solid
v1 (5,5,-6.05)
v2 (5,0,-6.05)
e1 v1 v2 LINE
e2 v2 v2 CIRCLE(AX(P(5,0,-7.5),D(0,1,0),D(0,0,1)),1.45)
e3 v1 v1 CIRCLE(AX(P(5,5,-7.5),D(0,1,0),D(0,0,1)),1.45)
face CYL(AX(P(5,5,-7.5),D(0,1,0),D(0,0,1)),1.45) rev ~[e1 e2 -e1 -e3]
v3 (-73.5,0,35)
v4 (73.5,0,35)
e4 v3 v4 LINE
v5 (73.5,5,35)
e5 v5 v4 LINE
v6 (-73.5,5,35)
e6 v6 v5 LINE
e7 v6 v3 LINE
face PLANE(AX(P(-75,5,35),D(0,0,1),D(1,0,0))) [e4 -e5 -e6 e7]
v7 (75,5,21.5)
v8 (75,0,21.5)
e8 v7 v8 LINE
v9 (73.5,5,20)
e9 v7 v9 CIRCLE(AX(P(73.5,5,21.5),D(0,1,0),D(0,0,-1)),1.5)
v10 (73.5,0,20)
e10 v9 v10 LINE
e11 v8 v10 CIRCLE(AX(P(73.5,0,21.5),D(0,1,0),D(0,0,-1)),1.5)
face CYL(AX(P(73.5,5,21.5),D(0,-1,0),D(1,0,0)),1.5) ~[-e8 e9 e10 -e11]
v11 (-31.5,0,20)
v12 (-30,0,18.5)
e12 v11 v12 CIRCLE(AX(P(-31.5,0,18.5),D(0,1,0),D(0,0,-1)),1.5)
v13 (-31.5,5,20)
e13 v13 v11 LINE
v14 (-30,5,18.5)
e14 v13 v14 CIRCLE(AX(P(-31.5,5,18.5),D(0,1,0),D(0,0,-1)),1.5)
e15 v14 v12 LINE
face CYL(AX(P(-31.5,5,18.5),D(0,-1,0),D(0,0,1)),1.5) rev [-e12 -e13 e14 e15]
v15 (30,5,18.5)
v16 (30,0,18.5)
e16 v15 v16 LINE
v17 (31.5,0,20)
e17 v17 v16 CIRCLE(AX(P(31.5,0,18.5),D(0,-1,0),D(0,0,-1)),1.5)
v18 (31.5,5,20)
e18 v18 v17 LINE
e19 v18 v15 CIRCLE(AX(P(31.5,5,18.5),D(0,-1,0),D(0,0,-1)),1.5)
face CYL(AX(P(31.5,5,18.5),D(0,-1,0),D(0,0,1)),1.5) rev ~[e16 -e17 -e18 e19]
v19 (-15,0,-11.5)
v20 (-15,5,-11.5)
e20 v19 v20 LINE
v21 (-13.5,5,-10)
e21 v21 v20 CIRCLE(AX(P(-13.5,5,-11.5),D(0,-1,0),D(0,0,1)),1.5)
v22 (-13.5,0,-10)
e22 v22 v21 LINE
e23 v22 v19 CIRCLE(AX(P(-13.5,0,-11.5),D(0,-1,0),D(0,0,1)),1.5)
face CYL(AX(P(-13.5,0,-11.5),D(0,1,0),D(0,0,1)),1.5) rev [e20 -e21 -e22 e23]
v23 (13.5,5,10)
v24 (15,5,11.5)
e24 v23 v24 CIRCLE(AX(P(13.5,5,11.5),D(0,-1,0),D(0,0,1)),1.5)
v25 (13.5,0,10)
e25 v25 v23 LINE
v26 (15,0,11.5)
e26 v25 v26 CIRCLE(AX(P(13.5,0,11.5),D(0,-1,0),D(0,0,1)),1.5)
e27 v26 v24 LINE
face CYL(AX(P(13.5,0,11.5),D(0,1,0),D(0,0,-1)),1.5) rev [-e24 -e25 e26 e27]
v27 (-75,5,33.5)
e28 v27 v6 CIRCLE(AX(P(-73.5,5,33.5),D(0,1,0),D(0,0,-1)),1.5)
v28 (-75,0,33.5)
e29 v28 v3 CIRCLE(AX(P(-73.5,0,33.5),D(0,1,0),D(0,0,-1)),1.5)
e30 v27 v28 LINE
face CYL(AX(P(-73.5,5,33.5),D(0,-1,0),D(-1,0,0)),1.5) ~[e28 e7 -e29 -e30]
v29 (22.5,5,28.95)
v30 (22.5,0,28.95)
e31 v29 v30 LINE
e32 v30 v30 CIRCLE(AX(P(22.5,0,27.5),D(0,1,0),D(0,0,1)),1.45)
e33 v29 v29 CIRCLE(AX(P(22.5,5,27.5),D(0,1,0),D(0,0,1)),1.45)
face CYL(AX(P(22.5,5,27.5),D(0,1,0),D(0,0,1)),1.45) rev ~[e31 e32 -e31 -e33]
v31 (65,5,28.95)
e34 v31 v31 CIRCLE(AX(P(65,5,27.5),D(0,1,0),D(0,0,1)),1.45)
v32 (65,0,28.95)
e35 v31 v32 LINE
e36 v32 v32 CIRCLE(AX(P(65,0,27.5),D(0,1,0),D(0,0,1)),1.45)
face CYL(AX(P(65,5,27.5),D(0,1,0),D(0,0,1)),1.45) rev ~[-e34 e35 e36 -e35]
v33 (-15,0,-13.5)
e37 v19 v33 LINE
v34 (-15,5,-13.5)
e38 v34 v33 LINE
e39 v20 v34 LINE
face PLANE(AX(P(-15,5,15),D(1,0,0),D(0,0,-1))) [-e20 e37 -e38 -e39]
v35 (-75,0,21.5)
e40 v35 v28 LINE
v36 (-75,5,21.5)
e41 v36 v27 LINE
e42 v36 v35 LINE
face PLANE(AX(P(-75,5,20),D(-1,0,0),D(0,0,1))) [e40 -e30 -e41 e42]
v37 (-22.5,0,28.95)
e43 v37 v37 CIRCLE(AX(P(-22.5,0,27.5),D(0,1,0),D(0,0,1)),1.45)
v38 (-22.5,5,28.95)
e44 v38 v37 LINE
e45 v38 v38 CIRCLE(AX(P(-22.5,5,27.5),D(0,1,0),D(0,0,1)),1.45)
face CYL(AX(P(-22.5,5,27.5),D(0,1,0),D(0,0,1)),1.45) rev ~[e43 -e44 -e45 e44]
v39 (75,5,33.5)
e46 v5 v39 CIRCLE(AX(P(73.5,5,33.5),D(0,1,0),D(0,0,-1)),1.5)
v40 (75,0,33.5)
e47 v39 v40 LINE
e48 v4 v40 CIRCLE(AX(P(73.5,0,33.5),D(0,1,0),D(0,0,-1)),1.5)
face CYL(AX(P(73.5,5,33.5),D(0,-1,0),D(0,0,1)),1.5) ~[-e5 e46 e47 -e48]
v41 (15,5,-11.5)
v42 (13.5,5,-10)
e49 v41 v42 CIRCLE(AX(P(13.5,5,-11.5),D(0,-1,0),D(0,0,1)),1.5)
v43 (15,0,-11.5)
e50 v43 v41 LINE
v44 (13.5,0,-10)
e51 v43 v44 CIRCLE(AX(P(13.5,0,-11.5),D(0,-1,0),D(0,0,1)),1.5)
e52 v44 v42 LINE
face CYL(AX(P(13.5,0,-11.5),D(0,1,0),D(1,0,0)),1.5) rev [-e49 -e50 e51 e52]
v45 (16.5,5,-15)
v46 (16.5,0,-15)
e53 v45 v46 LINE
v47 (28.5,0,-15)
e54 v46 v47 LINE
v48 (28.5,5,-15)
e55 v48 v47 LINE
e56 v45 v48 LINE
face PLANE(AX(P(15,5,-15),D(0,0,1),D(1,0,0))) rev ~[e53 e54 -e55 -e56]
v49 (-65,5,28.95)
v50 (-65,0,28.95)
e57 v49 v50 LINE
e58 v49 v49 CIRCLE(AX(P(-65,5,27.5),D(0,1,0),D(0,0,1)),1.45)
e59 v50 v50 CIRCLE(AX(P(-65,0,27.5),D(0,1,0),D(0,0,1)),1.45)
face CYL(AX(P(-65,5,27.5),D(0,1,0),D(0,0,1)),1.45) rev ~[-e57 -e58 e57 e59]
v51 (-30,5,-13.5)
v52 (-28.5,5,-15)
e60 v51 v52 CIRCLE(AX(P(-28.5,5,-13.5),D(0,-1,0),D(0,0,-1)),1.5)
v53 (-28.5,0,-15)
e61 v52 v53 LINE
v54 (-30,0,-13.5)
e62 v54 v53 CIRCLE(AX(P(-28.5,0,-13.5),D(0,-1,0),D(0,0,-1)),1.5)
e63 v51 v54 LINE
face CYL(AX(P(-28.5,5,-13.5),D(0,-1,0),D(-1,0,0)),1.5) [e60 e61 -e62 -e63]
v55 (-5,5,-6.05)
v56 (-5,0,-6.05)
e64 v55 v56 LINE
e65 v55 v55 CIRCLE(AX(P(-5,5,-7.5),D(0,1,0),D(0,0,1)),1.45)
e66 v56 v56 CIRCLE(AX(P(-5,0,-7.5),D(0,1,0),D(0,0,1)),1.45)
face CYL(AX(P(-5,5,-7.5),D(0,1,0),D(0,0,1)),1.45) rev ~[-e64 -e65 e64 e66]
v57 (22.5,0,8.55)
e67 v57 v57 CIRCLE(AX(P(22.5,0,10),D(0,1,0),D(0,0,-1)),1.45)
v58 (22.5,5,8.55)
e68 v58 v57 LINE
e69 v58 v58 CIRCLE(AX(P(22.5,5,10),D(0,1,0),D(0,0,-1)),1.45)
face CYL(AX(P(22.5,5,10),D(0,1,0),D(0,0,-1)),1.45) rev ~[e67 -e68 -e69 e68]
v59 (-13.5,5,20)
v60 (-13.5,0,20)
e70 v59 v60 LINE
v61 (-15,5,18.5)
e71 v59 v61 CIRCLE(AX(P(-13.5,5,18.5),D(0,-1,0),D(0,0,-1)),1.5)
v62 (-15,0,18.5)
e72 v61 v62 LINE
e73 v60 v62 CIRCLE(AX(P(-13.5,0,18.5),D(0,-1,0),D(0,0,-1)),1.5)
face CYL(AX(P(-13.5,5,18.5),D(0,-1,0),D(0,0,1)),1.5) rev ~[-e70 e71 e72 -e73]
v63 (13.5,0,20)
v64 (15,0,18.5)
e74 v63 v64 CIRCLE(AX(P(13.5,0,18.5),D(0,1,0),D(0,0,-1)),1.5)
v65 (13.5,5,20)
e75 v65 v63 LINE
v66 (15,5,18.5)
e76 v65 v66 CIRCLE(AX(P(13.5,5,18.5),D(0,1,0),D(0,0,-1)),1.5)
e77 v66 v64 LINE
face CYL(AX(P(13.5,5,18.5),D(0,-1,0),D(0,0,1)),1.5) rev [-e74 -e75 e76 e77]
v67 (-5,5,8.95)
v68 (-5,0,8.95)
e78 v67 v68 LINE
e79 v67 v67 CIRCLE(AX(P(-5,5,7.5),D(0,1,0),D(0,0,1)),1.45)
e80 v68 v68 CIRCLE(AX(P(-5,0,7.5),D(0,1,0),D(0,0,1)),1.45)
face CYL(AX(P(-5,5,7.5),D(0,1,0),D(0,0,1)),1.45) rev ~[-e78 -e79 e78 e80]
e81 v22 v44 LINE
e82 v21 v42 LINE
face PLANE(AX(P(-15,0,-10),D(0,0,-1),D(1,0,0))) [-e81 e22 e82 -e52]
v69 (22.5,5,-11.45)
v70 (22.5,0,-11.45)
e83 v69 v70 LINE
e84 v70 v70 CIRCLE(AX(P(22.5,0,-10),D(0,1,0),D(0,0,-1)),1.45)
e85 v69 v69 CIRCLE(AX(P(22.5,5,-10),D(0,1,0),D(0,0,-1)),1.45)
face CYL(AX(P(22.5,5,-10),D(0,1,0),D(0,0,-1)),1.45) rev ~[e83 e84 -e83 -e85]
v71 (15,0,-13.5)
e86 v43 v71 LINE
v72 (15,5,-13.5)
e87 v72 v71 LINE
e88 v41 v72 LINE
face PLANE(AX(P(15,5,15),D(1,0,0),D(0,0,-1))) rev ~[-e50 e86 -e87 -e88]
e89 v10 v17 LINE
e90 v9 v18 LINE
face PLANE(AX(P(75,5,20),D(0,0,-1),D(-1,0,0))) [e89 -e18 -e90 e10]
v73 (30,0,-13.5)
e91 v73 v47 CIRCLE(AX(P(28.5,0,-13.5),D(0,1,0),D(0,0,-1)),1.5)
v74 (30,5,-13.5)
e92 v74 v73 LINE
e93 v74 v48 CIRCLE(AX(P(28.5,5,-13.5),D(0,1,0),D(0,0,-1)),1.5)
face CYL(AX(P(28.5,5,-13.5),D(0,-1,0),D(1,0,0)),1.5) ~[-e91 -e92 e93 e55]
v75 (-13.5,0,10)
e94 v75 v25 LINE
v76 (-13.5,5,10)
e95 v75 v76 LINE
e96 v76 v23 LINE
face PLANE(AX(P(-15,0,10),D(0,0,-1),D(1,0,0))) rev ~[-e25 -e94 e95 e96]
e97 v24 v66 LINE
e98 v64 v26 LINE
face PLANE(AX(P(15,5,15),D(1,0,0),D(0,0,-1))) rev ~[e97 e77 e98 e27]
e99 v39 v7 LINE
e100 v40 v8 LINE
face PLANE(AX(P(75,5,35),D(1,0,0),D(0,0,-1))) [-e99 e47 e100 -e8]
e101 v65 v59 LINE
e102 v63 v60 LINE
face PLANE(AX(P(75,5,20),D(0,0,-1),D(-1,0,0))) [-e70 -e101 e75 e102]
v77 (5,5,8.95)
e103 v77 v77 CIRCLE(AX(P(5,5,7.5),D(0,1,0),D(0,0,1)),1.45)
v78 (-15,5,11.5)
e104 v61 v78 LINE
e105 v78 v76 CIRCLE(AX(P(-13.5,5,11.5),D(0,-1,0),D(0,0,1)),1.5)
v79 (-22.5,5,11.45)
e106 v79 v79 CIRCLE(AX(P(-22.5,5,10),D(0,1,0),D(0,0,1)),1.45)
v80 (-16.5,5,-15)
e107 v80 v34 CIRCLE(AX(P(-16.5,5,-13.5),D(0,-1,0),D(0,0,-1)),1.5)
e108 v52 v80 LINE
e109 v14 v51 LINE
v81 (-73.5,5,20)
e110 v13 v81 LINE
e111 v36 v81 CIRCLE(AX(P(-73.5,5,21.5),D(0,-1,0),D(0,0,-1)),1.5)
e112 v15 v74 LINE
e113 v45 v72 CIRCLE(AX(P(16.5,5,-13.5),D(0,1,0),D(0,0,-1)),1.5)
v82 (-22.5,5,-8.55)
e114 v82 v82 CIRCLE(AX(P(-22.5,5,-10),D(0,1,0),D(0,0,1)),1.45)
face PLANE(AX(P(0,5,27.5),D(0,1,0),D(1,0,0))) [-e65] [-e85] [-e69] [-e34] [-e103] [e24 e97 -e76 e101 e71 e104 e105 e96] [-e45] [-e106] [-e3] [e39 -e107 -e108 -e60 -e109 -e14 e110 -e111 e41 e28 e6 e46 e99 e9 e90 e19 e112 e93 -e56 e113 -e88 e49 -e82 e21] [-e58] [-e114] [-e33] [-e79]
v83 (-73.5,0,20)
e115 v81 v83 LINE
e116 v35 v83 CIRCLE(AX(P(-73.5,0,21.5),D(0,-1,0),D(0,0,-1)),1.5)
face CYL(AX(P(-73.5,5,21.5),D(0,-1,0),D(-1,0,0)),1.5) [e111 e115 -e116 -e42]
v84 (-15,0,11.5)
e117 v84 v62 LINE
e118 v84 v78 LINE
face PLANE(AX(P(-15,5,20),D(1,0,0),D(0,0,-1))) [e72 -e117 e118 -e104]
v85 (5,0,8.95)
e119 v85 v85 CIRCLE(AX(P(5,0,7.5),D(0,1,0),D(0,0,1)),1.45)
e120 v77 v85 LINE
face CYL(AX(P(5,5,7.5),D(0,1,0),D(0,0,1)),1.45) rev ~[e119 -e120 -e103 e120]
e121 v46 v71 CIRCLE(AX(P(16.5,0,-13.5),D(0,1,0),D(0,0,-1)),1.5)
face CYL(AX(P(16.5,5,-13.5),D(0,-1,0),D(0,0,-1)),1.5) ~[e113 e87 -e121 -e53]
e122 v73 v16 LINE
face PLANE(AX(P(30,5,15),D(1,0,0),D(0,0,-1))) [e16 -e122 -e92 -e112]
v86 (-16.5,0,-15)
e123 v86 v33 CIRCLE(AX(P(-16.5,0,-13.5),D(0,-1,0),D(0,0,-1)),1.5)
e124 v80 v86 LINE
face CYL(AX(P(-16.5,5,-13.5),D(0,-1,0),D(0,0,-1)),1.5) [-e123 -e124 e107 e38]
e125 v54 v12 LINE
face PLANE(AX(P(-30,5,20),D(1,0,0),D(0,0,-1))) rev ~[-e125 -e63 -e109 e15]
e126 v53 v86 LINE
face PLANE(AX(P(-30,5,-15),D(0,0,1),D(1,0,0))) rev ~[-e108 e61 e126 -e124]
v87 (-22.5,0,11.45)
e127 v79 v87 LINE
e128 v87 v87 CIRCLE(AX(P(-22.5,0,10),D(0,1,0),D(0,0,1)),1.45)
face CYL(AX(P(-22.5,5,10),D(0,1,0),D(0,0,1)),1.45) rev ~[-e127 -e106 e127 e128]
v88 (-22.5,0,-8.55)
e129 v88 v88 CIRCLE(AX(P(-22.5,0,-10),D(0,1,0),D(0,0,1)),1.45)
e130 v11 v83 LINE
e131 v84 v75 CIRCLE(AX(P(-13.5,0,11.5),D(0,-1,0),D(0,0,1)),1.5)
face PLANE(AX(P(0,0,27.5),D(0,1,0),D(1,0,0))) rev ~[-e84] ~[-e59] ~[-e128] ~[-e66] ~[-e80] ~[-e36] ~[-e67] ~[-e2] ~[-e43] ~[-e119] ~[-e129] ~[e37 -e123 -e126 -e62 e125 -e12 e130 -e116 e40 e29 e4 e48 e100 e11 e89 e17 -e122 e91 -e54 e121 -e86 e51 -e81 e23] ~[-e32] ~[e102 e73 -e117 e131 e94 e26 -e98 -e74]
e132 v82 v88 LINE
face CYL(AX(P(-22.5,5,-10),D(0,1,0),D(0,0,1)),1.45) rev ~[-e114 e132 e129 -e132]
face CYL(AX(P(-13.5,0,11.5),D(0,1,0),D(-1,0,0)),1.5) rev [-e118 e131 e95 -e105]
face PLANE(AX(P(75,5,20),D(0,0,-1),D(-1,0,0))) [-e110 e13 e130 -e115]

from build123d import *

# Parameters (mm, degrees)
SKETCH_1_W          = 30
SKETCH_1_H          = 20
EXTRUDE_1_DEPTH     = 5
SKETCH_2_R          = 1.45
CUT_EXTRUDE_1_DEPTH = 19.708286934
SKETCH_3_W          = 15
SKETCH_3_H          = 30
SKETCH_3_R          = 1.45
EXTRUDE_2_DEPTH     = 5
SKETCH_6_W          = 15
SKETCH_6_H          = 5
EXTRUDE_4_DEPTH     = 5
SKETCH_4_R          = 1.45
EXTRUDE_3_DEPTH     = 5
FILLET_2_R          = 1.5


with BuildPart() as part:
    # 草图1 → 凸台-拉伸1 (new body)
    with BuildSketch(Plane(origin=(0, 0, 0), x_dir=(1, 0, 0), z_dir=(0, 1, 0))):
        Rectangle(SKETCH_1_W, SKETCH_1_H)
    extrude(amount=EXTRUDE_1_DEPTH)

    # 草图2 → 切除-拉伸1 (cut, through all)
    with BuildSketch(Plane(origin=(0, 5, 0), x_dir=(1, 0, 0), z_dir=(0, 1, 0))):
        with Locations(Location((-5, 7.5, 0), (0, 0, 270))):
            Circle(SKETCH_2_R)
        with Locations(Location((5, 7.5, 0), (0, 0, 270))):
            Circle(SKETCH_2_R)
        with Locations(Location((5, -7.5, 0), (0, 0, 270))):
            Circle(SKETCH_2_R)
        with Locations(Location((-5, -7.5, 0), (0, 0, 270))):
            Circle(SKETCH_2_R)
    extrude(amount=-CUT_EXTRUDE_1_DEPTH, mode=Mode.SUBTRACT)

    # 草图3 → 凸台-拉伸2 (add)
    # profile 1 of 2: a face of its own
    with BuildSketch(Plane(origin=(0, 5, 0), x_dir=(1, 0, 0), z_dir=(0, 1, 0))):
        with Locations((22.5, 0)):
            Rectangle(SKETCH_3_W, SKETCH_3_H)
        with Locations(Location((22.5, -10, 0), (0, 0, 90))):
            Circle(SKETCH_3_R, mode=Mode.SUBTRACT)
        with Locations(Location((22.5, 10, 0), (0, 0, 90))):
            Circle(SKETCH_3_R, mode=Mode.SUBTRACT)
    # profile 2 of 2: a face of its own
    with BuildSketch(Plane(origin=(0, 5, 0), x_dir=(1, 0, 0), z_dir=(0, 1, 0))):
        with Locations((-22.5, 0)):
            Rectangle(SKETCH_3_W, SKETCH_3_H)
        with Locations(Location((-22.5, 10, 0), (0, 0, 270))):
            Circle(SKETCH_3_R, mode=Mode.SUBTRACT)
        with Locations(Location((-22.5, -10, 0), (0, 0, 270))):
            Circle(SKETCH_3_R, mode=Mode.SUBTRACT)
    extrude(amount=-EXTRUDE_2_DEPTH)

    # 草图6 → 凸台-拉伸4 (add)
    with BuildSketch(Plane(origin=(0, 5, 0), x_dir=(1, 0, 0), z_dir=(0, 1, 0))):
        with Locations((-22.5, -17.5)):
            Rectangle(SKETCH_6_W, SKETCH_6_H)
        with Locations((22.5, -17.5)):
            Rectangle(SKETCH_6_W, SKETCH_6_H)
    extrude(amount=-EXTRUDE_4_DEPTH)

    # 草图4 → 凸台-拉伸3 (add)
    with BuildSketch(Plane(origin=(0, 5, 0), x_dir=(1, 0, 0), z_dir=(0, 1, 0))):
        Polygon((-30, -20), (-75, -20), (-75, -35), (75, -35), (75, -20), (30, -20), (15, -20), (-15, -20), align=None)
        with Locations(Location((-65, -27.5, 0), (0, 0, 270))):
            Circle(SKETCH_4_R, mode=Mode.SUBTRACT)
        with Locations(Location((-22.5, -27.5, 0), (0, 0, 270))):
            Circle(SKETCH_4_R, mode=Mode.SUBTRACT)
        with Locations(Location((22.5, -27.5, 0), (0, 0, 270))):
            Circle(SKETCH_4_R, mode=Mode.SUBTRACT)
        with Locations(Location((65, -27.5, 0), (0, 0, 270))):
            Circle(SKETCH_4_R, mode=Mode.SUBTRACT)
    extrude(amount=-EXTRUDE_3_DEPTH)

    # 圆角2
    fillet_2_edges = [part.edges().sort_by_distance(p)[0] for p in [
        (15, 2.5, -15),
        (30, 2.5, -15),
        (-15, 2.5, -15),
        (-30, 2.5, -15),
        (-15, 2.5, 20),
        (-30, 2.5, 20),
        (15, 2.5, 10),
        (30, 2.5, 20),
        (-15, 2.5, 10),
        (15, 2.5, 20),
        (-15, 2.5, -10),
        (15, 2.5, -10),
        (-75, 2.5, 20),
        (-75, 2.5, 35),
        (75, 2.5, 35),
        (75, 2.5, 20),
    ]]
    fillet(fillet_2_edges, radius=FILLET_2_R)


solid = part.part
